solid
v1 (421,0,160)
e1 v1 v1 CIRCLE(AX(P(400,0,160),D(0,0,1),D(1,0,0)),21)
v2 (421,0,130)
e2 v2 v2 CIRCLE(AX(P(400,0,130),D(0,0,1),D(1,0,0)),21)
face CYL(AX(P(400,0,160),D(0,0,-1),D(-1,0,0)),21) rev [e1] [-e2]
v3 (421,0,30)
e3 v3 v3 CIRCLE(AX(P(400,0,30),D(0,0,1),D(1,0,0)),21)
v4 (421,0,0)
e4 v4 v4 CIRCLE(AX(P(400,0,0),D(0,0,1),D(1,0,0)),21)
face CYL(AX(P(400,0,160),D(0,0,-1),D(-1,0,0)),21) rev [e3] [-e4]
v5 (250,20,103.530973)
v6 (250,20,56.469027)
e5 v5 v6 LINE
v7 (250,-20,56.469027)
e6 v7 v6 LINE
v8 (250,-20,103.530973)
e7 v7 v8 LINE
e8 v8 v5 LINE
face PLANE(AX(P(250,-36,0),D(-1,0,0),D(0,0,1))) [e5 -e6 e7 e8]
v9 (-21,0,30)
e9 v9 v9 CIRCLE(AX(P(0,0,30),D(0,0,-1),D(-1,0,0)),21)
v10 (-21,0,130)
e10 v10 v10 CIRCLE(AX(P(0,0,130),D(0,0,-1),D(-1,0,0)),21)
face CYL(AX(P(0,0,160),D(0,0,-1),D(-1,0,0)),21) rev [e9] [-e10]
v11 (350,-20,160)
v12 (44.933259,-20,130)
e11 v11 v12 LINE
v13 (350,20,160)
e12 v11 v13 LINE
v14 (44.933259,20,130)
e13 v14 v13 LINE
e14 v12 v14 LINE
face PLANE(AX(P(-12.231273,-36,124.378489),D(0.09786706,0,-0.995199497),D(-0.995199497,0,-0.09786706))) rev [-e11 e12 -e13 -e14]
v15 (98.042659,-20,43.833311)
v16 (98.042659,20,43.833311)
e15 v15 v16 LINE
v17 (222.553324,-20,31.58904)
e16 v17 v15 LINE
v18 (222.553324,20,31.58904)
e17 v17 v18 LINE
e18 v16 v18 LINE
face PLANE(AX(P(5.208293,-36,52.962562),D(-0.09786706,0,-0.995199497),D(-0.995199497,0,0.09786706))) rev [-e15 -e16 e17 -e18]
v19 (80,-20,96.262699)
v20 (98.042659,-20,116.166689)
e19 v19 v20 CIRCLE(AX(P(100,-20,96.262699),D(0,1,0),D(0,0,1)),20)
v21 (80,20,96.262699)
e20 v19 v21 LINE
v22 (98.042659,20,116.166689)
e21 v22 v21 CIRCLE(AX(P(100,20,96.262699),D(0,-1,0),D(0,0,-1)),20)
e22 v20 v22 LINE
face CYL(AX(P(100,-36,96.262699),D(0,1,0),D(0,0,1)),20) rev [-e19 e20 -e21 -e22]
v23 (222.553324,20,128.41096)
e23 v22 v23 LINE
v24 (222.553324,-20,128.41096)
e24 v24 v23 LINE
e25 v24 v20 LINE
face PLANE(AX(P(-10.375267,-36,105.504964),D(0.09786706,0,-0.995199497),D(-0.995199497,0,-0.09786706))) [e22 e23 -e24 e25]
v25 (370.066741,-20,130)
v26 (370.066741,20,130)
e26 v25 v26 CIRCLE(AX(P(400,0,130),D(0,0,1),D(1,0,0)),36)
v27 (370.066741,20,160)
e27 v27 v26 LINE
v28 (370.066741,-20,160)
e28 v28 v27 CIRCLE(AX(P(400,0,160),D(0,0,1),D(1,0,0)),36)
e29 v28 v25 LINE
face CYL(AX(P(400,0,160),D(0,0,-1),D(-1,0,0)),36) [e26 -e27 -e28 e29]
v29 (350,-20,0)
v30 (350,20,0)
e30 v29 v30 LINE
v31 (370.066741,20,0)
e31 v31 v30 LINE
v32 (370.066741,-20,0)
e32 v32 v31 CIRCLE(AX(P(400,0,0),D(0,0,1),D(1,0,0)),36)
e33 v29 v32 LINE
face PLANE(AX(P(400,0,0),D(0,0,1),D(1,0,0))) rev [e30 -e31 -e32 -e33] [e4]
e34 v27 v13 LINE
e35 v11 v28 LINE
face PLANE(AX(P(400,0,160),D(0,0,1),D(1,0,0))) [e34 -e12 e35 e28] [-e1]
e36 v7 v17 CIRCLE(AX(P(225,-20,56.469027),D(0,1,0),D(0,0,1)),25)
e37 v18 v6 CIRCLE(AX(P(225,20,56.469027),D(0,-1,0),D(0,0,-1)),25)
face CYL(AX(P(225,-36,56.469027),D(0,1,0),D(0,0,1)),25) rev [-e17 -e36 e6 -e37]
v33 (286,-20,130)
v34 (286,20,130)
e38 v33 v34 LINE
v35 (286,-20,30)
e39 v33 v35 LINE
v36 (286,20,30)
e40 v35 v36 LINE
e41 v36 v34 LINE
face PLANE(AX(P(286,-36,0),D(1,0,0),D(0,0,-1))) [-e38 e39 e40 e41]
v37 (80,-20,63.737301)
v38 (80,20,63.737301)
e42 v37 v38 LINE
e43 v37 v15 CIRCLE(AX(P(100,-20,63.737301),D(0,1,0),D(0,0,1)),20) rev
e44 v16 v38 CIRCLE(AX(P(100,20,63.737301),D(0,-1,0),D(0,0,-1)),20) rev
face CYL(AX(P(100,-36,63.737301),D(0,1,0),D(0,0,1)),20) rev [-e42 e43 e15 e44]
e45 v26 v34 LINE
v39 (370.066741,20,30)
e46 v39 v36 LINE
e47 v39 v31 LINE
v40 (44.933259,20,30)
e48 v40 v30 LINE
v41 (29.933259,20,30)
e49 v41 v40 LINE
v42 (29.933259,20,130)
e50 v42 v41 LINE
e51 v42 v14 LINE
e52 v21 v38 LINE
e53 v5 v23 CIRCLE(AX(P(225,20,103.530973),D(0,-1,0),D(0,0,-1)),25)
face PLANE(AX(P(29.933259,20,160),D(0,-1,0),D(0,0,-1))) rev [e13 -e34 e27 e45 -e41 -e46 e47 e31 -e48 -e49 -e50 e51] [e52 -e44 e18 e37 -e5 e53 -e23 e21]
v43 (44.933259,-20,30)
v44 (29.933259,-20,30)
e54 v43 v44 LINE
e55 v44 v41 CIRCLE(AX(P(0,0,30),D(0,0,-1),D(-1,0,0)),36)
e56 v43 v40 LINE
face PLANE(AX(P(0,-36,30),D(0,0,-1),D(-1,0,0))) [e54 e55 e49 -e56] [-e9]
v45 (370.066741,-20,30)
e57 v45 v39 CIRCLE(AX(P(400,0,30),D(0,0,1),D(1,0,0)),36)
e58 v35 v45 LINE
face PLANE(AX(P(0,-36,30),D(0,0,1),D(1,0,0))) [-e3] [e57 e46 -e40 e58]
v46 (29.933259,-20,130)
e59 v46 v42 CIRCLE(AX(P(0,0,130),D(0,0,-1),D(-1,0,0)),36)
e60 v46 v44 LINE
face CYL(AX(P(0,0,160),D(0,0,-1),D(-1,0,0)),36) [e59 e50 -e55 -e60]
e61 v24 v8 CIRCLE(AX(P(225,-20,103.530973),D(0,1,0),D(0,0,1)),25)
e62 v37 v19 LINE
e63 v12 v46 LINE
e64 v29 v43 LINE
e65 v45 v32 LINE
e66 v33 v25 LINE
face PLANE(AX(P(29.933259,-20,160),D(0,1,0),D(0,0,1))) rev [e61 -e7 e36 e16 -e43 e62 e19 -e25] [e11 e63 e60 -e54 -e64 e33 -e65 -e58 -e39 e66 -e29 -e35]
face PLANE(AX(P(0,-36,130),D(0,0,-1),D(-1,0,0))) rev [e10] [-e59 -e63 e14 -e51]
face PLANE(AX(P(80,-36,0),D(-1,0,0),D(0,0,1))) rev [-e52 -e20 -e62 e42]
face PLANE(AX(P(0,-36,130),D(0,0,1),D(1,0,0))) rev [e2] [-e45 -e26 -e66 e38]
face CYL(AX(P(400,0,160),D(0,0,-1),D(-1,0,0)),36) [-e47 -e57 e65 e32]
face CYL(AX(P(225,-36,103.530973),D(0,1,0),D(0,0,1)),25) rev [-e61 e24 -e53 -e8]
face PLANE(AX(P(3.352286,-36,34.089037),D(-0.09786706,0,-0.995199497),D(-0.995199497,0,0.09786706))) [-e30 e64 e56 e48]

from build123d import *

# Parameters (mm, degrees)
SKETCH1_R               = 21
BOSS_EXTRUDE1_DEPTH     = 160
SKETCH3_W               = 65.933259094
SKETCH3_H               = 30
CUT_EXTRUDE3_DEPTH      = 17
CUT_EXTRUDE3_DEPTH_BACK = 57
CUT_EXTRUDE4_DEPTH      = 17
CUT_EXTRUDE4_DEPTH_BACK = 57
SKETCH6_W               = 300
SKETCH6_H               = 100
CUT_EXTRUDE5_DEPTH      = 17
CUT_EXTRUDE5_DEPTH_BACK = 57


with BuildPart() as part:
    # Sketch1 → Boss-Extrude1 (new body)
    with BuildSketch(Plane.XY):
        with BuildLine():
            Line((29.933259094, 20), (370.066740906, 20))
            ThreePointArc((370.066740906, 20), (436, 0), (370.066740906, -20))
            Line((370.066740906, -20), (29.933259094, -20))
            ThreePointArc((29.933259094, -20), (-36, 0), (29.933259094, 20))
        make_face()
        Circle(SKETCH1_R, mode=Mode.SUBTRACT)
        with Locations((400, 0)):
            Circle(SKETCH1_R, mode=Mode.SUBTRACT)
    extrude(amount=BOSS_EXTRUDE1_DEPTH)

    # Sketch3 → Cut-Extrude3 (cut, two sides)
    with BuildSketch(Plane(origin=(0, 20, 0), x_dir=(1, 0, 0), z_dir=(0, 1, 0))) as cut_extrude3_sk:
        Polygon((29.933259094, 0), (29.933259094, -30), (44.933259094, -30), (350, 0), align=None)
        with Locations((-3.033370453, -15)):
            Rectangle(SKETCH3_W, SKETCH3_H)
        with Locations((-3.033370453, -145)):
            Rectangle(SKETCH3_W, SKETCH3_H)
        Polygon((44.933259094, -130), (29.933259094, -130), (29.933259094, -160), (350, -160), align=None)
    extrude(amount=CUT_EXTRUDE3_DEPTH, mode=Mode.SUBTRACT)
    extrude(cut_extrude3_sk.sketch, amount=-CUT_EXTRUDE3_DEPTH_BACK, mode=Mode.SUBTRACT)

    # Sketch5 → Cut-Extrude4 (cut, two sides)
    with BuildSketch(Plane(origin=(0, 20, 0), x_dir=(1, 0, 0), z_dir=(0, 1, 0))) as cut_extrude4_sk:
        with BuildLine():
            Line((80, -63.737300936), (80, -96.262699064))
            ThreePointArc((80, -96.262699064), (85.181990285, -109.69499552), (98.042658808, -116.166689002))
            Line((98.042658808, -116.166689002), (222.553323511, -128.410960305))
            ThreePointArc((222.553323511, -128.410960305), (241.79037057, -122.053485026), (250, -103.530972882))
            Line((250, -103.530972882), (250, -56.469027118))
            ThreePointArc((250, -56.469027118), (241.79037057, -37.946514974), (222.553323511, -31.589039695))
            Line((222.553323511, -31.589039695), (98.042658808, -43.833310998))
            ThreePointArc((98.042658808, -43.833310998), (85.181990285, -50.30500448), (80, -63.737300936))
        make_face()
    extrude(amount=CUT_EXTRUDE4_DEPTH, mode=Mode.SUBTRACT)
    extrude(cut_extrude4_sk.sketch, amount=-CUT_EXTRUDE4_DEPTH_BACK, mode=Mode.SUBTRACT)

    # Sketch6 → Cut-Extrude5 (cut, two sides)
    with BuildSketch(Plane(origin=(0, 20, 0), x_dir=(1, 0, 0), z_dir=(0, 1, 0))) as cut_extrude5_sk:
        with Locations((436, -80)):
            Rectangle(SKETCH6_W, SKETCH6_H)
    extrude(amount=CUT_EXTRUDE5_DEPTH, mode=Mode.SUBTRACT)
    extrude(cut_extrude5_sk.sketch, amount=-CUT_EXTRUDE5_DEPTH_BACK, mode=Mode.SUBTRACT)


solid = part.part
